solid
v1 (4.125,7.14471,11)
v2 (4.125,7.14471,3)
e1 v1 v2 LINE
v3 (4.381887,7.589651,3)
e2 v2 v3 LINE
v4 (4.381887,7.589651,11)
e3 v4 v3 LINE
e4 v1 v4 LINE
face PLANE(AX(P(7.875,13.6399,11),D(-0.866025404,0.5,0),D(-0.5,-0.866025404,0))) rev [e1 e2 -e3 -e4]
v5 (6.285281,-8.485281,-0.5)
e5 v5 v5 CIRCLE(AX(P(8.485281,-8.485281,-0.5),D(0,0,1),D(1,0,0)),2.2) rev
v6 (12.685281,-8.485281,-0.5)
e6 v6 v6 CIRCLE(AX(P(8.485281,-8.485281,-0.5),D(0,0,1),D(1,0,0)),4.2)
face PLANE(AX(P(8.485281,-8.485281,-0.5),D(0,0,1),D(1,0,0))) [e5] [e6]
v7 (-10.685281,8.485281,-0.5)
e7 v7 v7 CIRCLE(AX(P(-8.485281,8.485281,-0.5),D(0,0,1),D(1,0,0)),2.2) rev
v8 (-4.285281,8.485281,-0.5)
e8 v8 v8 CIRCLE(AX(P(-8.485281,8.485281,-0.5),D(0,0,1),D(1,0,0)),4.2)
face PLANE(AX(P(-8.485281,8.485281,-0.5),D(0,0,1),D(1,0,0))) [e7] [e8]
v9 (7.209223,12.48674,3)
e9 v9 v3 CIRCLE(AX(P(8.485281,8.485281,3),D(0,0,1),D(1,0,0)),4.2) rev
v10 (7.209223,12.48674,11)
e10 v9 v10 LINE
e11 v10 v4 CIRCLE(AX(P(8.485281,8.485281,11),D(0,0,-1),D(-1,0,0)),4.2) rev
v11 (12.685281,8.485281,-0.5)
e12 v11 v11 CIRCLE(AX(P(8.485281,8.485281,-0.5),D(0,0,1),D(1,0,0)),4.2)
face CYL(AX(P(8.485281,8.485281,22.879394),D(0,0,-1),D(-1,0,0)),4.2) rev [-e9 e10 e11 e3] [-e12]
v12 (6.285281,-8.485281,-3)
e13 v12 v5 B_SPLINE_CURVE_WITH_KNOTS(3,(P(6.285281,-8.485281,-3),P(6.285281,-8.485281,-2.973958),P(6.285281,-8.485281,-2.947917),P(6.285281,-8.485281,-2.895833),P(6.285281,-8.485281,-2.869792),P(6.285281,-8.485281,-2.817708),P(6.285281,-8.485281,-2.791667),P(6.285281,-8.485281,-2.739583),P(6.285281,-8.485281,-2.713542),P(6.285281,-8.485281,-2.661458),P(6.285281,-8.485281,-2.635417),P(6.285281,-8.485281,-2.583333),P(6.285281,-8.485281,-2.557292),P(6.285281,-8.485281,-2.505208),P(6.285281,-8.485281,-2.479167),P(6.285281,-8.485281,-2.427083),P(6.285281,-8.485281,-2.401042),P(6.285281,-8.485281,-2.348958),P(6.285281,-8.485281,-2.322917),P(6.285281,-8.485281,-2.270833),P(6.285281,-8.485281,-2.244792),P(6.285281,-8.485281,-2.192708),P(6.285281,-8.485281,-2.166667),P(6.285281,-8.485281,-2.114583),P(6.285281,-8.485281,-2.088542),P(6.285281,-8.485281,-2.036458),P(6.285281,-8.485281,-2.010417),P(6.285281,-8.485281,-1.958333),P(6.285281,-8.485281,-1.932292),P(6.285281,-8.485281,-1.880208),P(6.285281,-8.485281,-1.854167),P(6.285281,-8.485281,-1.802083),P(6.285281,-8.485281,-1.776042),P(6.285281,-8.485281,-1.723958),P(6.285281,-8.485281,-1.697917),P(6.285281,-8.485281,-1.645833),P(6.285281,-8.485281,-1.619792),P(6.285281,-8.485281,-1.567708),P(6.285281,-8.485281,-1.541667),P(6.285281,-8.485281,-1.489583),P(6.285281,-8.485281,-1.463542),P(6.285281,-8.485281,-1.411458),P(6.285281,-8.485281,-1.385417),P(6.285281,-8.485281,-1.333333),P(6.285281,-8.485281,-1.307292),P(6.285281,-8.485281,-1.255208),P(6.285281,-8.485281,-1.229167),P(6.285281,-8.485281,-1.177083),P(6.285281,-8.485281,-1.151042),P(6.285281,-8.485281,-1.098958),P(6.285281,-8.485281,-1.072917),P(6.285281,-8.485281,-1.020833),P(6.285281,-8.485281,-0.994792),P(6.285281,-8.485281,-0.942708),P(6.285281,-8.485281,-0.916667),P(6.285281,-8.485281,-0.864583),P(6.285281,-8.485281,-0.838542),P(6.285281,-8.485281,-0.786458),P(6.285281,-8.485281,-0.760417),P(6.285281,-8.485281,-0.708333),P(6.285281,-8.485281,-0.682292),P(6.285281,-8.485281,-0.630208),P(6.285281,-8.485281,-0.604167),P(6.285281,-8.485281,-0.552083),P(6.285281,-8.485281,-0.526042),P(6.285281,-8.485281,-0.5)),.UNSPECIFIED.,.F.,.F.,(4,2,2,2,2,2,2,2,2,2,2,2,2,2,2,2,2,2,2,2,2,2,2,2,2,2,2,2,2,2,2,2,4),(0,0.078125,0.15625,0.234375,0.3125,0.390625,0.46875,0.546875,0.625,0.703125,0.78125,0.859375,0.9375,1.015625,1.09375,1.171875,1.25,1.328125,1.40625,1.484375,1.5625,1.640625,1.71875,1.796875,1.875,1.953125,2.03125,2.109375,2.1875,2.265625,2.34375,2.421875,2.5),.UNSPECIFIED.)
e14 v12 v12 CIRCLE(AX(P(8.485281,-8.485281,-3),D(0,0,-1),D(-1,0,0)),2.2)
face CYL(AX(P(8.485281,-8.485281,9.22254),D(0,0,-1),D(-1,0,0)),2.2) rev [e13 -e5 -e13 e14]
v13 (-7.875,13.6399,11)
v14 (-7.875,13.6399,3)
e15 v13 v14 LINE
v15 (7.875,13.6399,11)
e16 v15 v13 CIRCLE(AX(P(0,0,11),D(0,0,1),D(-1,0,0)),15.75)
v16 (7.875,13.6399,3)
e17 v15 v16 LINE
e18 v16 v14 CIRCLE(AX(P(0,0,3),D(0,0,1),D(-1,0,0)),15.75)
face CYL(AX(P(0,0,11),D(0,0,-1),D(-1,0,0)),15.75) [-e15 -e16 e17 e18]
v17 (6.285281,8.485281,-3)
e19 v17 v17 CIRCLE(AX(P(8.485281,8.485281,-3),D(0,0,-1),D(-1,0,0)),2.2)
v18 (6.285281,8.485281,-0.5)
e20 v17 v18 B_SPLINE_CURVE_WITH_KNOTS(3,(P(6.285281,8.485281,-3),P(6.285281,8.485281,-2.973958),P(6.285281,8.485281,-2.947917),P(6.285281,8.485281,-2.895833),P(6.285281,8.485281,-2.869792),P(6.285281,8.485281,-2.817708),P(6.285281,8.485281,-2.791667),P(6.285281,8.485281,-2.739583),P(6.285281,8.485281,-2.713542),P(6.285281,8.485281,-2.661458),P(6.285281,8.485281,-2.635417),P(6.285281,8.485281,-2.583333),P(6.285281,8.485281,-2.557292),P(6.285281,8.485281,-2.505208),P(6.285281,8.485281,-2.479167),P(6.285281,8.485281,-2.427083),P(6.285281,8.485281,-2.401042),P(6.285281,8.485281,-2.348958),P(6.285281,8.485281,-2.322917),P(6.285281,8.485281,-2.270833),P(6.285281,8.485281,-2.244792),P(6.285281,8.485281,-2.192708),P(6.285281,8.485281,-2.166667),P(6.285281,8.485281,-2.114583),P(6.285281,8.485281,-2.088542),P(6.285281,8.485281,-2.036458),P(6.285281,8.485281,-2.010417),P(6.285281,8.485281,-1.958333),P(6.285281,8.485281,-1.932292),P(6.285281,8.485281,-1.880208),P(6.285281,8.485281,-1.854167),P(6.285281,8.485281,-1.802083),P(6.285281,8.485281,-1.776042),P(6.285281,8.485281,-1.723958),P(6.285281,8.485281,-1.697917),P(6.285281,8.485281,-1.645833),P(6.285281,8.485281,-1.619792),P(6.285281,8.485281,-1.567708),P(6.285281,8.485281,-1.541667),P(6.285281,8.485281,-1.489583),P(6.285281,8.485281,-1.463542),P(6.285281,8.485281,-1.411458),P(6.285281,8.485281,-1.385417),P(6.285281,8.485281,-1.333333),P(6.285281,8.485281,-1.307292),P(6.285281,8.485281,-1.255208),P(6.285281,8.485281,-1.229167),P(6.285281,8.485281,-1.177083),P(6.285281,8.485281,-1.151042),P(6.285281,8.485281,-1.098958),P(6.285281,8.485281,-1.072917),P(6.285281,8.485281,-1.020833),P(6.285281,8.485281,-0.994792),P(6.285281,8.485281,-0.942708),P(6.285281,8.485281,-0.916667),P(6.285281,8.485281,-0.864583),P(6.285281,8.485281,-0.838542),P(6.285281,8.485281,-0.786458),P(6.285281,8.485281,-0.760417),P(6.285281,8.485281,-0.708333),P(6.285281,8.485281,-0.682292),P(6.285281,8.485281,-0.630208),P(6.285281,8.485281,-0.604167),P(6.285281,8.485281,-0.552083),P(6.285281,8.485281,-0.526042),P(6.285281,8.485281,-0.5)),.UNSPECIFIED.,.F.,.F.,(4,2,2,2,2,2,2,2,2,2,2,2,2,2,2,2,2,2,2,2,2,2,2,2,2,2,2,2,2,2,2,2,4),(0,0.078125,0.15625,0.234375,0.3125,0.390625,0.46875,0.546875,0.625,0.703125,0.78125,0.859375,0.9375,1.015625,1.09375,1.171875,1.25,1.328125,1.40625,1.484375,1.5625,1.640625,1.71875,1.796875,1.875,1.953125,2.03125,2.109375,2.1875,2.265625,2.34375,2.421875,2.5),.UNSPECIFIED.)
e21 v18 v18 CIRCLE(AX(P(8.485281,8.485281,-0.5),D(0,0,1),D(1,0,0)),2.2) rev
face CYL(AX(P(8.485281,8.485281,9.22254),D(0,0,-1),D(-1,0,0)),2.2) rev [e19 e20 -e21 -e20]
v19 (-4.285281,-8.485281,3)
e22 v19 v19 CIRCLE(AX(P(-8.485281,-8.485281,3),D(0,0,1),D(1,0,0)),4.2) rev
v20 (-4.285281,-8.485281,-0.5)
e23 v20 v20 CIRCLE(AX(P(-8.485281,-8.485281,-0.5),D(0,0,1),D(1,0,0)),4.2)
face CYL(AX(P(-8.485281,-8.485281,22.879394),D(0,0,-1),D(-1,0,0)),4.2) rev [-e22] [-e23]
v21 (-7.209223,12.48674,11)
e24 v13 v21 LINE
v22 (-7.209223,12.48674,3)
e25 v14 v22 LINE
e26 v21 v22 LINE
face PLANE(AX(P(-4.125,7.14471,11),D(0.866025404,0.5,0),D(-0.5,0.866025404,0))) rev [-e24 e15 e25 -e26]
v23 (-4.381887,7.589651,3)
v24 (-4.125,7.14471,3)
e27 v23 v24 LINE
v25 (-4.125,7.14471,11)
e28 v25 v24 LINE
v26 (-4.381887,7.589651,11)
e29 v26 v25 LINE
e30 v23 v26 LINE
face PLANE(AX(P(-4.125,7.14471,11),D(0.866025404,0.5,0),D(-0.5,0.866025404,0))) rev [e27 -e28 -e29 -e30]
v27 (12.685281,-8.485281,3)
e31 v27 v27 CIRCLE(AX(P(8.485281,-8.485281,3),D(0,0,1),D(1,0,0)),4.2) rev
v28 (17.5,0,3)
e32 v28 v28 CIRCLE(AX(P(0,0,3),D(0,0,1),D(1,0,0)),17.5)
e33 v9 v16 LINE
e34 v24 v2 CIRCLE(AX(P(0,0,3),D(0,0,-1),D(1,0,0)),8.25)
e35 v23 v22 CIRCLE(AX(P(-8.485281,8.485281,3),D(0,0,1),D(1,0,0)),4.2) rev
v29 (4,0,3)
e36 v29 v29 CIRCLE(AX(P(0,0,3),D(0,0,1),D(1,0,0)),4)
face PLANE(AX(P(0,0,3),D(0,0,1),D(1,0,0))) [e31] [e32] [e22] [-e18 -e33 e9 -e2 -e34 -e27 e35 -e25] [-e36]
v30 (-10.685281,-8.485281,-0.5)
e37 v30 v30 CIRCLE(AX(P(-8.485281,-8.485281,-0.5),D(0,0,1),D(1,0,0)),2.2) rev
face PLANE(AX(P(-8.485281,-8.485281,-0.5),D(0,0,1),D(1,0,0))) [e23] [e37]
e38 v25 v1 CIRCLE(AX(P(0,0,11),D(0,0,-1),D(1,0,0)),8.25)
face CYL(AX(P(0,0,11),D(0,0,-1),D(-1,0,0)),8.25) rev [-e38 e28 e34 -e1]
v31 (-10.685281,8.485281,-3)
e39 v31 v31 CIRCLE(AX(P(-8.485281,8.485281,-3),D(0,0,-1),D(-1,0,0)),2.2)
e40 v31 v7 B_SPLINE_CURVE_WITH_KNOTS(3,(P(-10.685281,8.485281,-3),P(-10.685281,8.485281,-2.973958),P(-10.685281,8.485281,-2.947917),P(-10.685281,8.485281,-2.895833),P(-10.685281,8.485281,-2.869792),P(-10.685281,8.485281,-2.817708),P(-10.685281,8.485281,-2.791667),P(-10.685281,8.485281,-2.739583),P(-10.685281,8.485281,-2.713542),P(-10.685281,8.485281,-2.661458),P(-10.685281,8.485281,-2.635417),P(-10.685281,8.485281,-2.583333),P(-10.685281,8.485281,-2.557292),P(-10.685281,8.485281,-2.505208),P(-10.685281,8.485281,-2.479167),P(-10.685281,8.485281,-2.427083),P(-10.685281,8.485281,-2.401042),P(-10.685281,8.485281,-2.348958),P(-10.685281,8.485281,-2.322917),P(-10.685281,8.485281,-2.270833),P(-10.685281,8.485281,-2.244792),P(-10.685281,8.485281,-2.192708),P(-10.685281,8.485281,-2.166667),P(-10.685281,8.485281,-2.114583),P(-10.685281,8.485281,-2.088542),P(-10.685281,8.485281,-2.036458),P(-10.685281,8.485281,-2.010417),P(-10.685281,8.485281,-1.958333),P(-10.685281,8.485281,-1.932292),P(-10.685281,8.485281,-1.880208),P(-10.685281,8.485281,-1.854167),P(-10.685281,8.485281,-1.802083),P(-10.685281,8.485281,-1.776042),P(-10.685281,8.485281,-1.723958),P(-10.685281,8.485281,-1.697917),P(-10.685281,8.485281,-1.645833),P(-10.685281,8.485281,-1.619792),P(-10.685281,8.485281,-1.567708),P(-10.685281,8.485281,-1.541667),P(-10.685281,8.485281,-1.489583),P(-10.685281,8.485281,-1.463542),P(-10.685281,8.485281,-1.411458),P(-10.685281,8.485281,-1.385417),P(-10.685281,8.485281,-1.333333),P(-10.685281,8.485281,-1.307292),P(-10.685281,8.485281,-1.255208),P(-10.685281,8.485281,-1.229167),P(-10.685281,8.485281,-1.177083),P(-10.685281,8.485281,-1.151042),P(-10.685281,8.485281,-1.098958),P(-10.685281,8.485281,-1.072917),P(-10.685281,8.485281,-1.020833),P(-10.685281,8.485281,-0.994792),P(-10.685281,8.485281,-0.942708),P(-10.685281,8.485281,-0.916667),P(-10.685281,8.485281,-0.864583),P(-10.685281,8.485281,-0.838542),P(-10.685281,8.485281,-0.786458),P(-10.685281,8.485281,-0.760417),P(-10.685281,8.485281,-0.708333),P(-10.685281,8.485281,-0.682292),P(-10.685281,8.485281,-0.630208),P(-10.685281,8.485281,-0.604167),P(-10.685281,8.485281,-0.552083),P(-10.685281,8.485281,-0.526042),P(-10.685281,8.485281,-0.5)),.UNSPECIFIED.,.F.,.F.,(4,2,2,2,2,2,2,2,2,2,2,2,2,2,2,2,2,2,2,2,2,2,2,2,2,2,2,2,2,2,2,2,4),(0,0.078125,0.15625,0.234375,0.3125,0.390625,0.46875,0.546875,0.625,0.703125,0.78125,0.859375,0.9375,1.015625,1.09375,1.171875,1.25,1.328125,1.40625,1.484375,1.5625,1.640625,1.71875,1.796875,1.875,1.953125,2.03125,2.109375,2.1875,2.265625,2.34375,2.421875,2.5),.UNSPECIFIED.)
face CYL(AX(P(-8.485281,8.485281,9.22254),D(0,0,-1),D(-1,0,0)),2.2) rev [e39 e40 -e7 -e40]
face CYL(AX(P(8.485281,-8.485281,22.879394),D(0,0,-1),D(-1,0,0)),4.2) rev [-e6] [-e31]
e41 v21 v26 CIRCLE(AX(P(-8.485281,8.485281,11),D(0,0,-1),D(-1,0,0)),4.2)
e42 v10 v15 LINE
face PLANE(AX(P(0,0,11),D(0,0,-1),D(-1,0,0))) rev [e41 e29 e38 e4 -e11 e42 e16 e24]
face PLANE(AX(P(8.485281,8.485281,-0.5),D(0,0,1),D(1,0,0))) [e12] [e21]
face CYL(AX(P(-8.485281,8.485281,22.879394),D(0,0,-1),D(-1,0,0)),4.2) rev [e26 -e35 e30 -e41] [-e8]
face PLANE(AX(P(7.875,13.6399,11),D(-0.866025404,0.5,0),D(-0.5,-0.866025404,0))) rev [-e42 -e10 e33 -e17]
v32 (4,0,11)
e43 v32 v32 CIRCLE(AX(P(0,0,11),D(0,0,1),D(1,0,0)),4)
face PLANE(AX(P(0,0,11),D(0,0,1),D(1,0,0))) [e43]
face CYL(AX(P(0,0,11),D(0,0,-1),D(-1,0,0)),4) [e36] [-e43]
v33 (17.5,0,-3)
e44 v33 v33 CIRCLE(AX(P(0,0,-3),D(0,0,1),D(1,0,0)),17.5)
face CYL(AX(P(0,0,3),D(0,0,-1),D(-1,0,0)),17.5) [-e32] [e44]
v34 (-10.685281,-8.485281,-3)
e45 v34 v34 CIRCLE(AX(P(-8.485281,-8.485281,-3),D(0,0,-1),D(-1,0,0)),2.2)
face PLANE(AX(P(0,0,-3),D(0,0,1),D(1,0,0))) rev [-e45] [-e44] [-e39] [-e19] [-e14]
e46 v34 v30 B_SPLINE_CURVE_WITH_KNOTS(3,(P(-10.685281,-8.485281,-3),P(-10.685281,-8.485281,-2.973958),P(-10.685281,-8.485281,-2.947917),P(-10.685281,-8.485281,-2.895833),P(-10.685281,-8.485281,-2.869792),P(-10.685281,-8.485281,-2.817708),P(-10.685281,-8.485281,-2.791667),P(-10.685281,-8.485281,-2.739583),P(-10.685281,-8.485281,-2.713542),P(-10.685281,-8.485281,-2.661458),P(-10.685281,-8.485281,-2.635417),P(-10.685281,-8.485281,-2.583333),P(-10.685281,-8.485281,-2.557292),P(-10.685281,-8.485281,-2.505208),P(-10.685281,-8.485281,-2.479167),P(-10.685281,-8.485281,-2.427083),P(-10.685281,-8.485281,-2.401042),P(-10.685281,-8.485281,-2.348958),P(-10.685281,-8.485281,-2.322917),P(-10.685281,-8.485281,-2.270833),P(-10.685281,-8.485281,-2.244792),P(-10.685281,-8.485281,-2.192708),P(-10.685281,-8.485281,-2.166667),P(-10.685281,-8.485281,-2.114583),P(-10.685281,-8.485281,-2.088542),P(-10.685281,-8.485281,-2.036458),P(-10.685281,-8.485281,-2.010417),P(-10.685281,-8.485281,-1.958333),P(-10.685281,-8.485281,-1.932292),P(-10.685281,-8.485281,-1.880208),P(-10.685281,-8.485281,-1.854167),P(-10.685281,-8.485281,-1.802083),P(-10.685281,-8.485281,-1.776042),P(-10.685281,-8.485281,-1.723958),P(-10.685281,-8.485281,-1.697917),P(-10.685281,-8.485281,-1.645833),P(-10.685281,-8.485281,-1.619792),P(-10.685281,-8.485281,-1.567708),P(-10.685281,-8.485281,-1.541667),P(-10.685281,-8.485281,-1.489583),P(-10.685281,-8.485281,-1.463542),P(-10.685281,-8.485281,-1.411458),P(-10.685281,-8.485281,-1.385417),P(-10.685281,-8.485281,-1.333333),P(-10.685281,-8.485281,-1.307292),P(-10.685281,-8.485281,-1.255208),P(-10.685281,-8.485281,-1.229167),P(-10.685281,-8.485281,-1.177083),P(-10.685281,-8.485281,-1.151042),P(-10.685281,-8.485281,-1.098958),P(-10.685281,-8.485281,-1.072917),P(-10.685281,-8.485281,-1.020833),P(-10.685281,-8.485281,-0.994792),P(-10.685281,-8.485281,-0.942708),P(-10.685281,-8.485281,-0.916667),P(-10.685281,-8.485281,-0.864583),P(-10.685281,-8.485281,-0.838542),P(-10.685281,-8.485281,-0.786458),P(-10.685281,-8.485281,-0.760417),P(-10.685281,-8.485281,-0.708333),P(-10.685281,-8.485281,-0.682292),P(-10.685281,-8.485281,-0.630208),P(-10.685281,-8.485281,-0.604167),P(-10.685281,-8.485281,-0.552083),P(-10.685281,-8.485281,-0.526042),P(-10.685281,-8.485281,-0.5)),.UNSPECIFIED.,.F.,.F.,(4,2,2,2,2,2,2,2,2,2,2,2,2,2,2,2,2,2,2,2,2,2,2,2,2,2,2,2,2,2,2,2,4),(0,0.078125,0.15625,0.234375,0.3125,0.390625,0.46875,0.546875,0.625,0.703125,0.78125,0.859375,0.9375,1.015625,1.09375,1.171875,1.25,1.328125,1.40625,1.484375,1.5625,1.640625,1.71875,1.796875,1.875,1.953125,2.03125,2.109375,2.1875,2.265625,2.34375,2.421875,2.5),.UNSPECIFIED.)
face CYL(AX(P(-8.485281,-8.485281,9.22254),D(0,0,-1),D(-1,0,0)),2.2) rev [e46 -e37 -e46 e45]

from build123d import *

# Parameters (mm, degrees)
SKETCH1_R                      = 17.5
BOSS_EXTRUDE1_DEPTH            = 3
BOSS_EXTRUDE2_DEPTH            = 8
SKETCH3_R                      = 4
BOSS_EXTRUDE3_DEPTH            = 8
SKETCH4_R                      = 2.2
CUT_EXTRUDE1_DEPTH             = 6
SKETCH5_R                      = 4.2
CUT_EXTRUDE2_DEPTH             = 3.5
CUT_EXTRUDE2_DIRECTION_2_REACH = 28.01


with BuildPart() as part:
    # Sketch1 → Boss-Extrude1 (new, symmetric)
    with BuildSketch(Plane.XY):
        Circle(SKETCH1_R)
    extrude(amount=BOSS_EXTRUDE1_DEPTH, both=True)

    # Sketch2 → Boss-Extrude2 (add)
    with BuildSketch(Plane.XY.offset(3)):
        with BuildLine():
            Line((7.875, 13.63990011), (4.125, 7.144709581))
            ThreePointArc((4.125, 7.144709581), (0, 8.25), (-4.125, 7.144709581))
            Line((-4.125, 7.144709581), (-7.875, 13.63990011))
            ThreePointArc((-7.875, 13.63990011), (0, 15.75), (7.875, 13.63990011))
        make_face()
    extrude(amount=BOSS_EXTRUDE2_DEPTH)

    # Sketch3 → Boss-Extrude3 (add)
    with BuildSketch(Plane.XY.offset(3)):
        Circle(SKETCH3_R)
    extrude(amount=BOSS_EXTRUDE3_DEPTH)

    # Sketch4 → Cut-Extrude1 (cut)
    with BuildSketch(Plane(origin=(0, 0, -3), x_dir=(-1, 0, 0), z_dir=(0, 0, -1))):
        with Locations((-8.485281374, 8.485281374)):
            Circle(SKETCH4_R)
        with Locations((8.485281374, 8.485281374)):
            Circle(SKETCH4_R)
        with Locations((8.485281374, -8.485281374)):
            Circle(SKETCH4_R)
        with Locations((-8.485281374, -8.485281374)):
            Circle(SKETCH4_R)
    extrude(amount=-CUT_EXTRUDE1_DEPTH, mode=Mode.SUBTRACT)

    # Sketch5 → Cut-Extrude2 (cut)
    with BuildSketch(Plane.XY.offset(3)):
        with Locations((-8.485281374, -8.485281374)):
            Circle(SKETCH5_R)
        with Locations(Location((-8.485281374, 8.485281374, 0), (0, 0, 72.312607482))):
            Circle(SKETCH5_R)
        with Locations(Location((8.485281374, 8.485281374, 0), (0, 0, 192.312607482))):
            Circle(SKETCH5_R)
        with Locations((8.485281374, -8.485281374)):
            Circle(SKETCH5_R)
    extrude(amount=-CUT_EXTRUDE2_DEPTH, mode=Mode.SUBTRACT)

    # Cut-Extrude2 direction 2: up to this face of the body (flat: up to its plane)
    cut_extrude2_direction_2_end = Plane(part.part.faces().sort_by_distance((0, 11.8321753, 11))[0])
    # Sketch5 → Cut-Extrude2 direction 2 (cut, up to the picked face)
    with BuildSketch(Plane.XY.offset(3), mode=Mode.PRIVATE) as cut_extrude2_direction_2_sk1:
        with Locations((-8.485281374, -8.485281374)):
            Circle(SKETCH5_R)
    cut_extrude2_direction_2_tool1 = split(extrude(cut_extrude2_direction_2_sk1.sketch, amount=CUT_EXTRUDE2_DIRECTION_2_REACH, mode=Mode.PRIVATE), bisect_by=cut_extrude2_direction_2_end, keep=Keep.BOTH, mode=Mode.PRIVATE)
    # Sketch5 → Cut-Extrude2 direction 2 (cut, up to the picked face)
    with BuildSketch(Plane.XY.offset(3), mode=Mode.PRIVATE) as cut_extrude2_direction_2_sk2:
        with Locations(Location((-8.485281374, 8.485281374, 0), (0, 0, 72.312607482))):
            Circle(SKETCH5_R)
    cut_extrude2_direction_2_tool2 = split(extrude(cut_extrude2_direction_2_sk2.sketch, amount=CUT_EXTRUDE2_DIRECTION_2_REACH, mode=Mode.PRIVATE), bisect_by=cut_extrude2_direction_2_end, keep=Keep.BOTH, mode=Mode.PRIVATE)
    # Sketch5 → Cut-Extrude2 direction 2 (cut, up to the picked face)
    with BuildSketch(Plane.XY.offset(3), mode=Mode.PRIVATE) as cut_extrude2_direction_2_sk3:
        with Locations(Location((8.485281374, 8.485281374, 0), (0, 0, 192.312607482))):
            Circle(SKETCH5_R)
    cut_extrude2_direction_2_tool3 = split(extrude(cut_extrude2_direction_2_sk3.sketch, amount=CUT_EXTRUDE2_DIRECTION_2_REACH, mode=Mode.PRIVATE), bisect_by=cut_extrude2_direction_2_end, keep=Keep.BOTH, mode=Mode.PRIVATE)
    # Sketch5 → Cut-Extrude2 direction 2 (cut, up to the picked face)
    with BuildSketch(Plane.XY.offset(3), mode=Mode.PRIVATE) as cut_extrude2_direction_2_sk4:
        with Locations((8.485281374, -8.485281374)):
            Circle(SKETCH5_R)
    cut_extrude2_direction_2_tool4 = split(extrude(cut_extrude2_direction_2_sk4.sketch, amount=CUT_EXTRUDE2_DIRECTION_2_REACH, mode=Mode.PRIVATE), bisect_by=cut_extrude2_direction_2_end, keep=Keep.BOTH, mode=Mode.PRIVATE)
    add(cut_extrude2_direction_2_tool1.solids().sort_by(Axis((-8.485281, -8.485281, 3), (0, 0, 1)))[0], mode=Mode.SUBTRACT)
    add(cut_extrude2_direction_2_tool2.solids().sort_by(Axis((-8.485281, 8.485281, 3), (0, 0, 1)))[0], mode=Mode.SUBTRACT)
    add(cut_extrude2_direction_2_tool3.solids().sort_by(Axis((8.485281, 8.485281, 3), (0, 0, 1)))[0], mode=Mode.SUBTRACT)
    add(cut_extrude2_direction_2_tool4.solids().sort_by(Axis((8.485281, -8.485281, 3), (0, 0, 1)))[0], mode=Mode.SUBTRACT)


solid = part.part
